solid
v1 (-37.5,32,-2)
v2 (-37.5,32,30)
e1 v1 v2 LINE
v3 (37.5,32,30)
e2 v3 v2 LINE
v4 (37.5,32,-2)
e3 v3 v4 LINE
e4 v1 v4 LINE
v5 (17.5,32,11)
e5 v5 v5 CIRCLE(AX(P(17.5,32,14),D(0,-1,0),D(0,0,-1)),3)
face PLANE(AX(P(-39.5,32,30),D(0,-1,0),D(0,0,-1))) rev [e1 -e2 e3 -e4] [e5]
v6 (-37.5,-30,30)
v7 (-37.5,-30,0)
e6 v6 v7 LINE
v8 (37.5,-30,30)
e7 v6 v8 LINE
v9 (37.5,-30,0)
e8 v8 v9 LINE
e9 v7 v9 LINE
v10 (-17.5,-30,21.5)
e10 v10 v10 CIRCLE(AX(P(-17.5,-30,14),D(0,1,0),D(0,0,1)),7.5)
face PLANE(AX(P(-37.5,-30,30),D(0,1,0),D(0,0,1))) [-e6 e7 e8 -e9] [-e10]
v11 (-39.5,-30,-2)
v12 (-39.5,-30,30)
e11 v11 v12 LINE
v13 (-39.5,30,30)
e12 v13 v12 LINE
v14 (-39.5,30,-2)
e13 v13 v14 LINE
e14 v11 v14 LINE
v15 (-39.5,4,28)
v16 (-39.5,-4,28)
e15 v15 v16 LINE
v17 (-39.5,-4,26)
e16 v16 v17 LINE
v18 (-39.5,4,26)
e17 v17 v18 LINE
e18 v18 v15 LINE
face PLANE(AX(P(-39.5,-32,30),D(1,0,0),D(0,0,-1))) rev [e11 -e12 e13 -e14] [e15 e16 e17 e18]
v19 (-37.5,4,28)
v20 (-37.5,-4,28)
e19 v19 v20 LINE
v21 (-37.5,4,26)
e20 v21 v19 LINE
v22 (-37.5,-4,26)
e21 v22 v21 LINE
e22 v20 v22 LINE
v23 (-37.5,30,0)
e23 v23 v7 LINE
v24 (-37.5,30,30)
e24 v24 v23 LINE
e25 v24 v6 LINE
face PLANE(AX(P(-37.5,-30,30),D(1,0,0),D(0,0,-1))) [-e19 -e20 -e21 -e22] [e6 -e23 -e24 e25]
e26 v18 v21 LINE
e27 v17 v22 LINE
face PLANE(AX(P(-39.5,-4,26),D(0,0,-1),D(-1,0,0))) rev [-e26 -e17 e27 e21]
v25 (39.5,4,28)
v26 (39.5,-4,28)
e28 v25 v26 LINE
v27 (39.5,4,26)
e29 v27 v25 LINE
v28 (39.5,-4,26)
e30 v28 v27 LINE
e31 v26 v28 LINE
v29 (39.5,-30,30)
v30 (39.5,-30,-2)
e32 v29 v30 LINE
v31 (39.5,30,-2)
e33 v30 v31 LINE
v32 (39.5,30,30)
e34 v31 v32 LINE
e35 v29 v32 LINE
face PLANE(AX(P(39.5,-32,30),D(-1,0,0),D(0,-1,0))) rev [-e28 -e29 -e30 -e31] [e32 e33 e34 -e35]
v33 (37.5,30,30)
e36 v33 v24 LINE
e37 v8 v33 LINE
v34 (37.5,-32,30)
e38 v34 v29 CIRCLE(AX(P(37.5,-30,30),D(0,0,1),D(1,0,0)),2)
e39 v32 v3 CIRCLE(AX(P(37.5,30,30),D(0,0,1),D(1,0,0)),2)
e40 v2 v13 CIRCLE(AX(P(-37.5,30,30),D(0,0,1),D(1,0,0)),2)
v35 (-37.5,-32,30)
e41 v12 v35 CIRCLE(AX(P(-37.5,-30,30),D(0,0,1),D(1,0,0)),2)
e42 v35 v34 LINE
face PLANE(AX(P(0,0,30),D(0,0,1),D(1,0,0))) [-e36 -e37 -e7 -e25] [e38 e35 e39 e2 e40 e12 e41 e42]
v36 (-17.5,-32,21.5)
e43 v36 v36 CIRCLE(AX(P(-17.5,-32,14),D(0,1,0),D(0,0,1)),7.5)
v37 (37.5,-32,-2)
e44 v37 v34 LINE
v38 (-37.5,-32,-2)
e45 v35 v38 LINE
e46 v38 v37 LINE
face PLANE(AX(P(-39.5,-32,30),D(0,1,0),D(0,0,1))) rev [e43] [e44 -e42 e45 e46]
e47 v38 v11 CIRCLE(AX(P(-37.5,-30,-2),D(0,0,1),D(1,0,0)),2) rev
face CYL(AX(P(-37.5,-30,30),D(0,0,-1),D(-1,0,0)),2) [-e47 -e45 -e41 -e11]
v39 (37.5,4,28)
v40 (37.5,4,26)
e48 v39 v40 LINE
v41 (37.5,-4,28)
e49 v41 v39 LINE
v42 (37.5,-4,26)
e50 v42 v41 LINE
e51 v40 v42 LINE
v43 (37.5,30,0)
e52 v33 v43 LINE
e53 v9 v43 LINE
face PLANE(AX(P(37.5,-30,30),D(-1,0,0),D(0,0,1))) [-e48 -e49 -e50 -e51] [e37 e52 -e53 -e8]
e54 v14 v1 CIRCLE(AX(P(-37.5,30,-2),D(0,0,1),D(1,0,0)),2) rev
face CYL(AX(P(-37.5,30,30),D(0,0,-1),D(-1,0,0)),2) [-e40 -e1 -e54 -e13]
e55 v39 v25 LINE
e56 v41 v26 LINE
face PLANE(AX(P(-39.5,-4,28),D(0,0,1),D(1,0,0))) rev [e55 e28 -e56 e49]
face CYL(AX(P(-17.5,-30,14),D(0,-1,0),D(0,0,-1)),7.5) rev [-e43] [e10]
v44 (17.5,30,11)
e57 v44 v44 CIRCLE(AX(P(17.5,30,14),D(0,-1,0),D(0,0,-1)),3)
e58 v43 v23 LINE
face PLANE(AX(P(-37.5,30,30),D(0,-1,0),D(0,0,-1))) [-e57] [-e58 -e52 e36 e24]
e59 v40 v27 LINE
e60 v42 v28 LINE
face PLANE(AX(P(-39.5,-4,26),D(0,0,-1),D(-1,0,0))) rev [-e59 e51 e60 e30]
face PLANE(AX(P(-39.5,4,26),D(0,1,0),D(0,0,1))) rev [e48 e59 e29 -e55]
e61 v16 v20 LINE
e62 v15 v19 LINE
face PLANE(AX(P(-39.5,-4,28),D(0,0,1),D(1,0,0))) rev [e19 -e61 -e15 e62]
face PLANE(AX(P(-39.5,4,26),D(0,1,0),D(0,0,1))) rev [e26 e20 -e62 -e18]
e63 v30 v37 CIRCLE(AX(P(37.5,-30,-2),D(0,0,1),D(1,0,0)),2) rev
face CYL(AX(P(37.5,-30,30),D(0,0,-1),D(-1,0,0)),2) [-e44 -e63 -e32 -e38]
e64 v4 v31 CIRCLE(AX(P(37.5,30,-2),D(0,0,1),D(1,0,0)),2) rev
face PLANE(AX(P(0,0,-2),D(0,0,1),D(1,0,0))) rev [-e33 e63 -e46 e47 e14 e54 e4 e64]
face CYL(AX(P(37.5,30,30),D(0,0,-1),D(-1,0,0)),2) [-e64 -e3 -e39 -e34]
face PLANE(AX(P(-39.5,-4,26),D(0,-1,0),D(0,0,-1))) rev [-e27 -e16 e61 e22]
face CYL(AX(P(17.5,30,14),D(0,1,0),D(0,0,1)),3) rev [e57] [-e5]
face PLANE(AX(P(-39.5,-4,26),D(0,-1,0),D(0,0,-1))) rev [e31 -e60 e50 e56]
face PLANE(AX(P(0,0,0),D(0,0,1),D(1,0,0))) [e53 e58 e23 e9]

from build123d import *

# Parameters (mm, degrees)
SKETCH_218_W                = 79
SKETCH_218_H                = 64
SKETCH_218_W_2              = 75
SKETCH_218_H_2              = 60
EXTRUDE_371_DEPTH           = 30
SKETCH_3_W                  = 79
SKETCH_3_H                  = 64
SKETCH_3_W_2                = 75
SKETCH_3_H_2                = 60
EXTRUDE_416_DEPTH           = 2
CUT_EXTRUDE_START           = -32
SKETCH_3_2_R                = 7.5
CUT_EXTRUDE_880_DEPTH       = 2
CUT_EXTRUDE_START_2         = 32
SKETCH_3_3_R                = 3
CUT_EXTRUDE_941_DEPTH       = 2
CUT_EXTRUDE_1138_DEPTH      = 60.027535947
CUT_EXTRUDE_1138_DEPTH_BACK = 60.027535947
SKETCH_4_W                  = 2
SKETCH_4_H                  = 8
FILLET_1191_R               = 2


with BuildPart() as part:
    # Sketch 218 → Extrude 371 (new body)
    with BuildSketch(Plane.XY):
        Rectangle(SKETCH_218_W, SKETCH_218_H)
        Rectangle(SKETCH_218_W_2, SKETCH_218_H_2, mode=Mode.SUBTRACT)
    extrude(amount=EXTRUDE_371_DEPTH)

    # Sketch 3 → Extrude 416 (add)
    # profile 1 of 2: a face of its own
    with BuildSketch(Plane.XY):
        Rectangle(SKETCH_3_W, SKETCH_3_H)
        Rectangle(SKETCH_3_W_2, SKETCH_3_H_2, mode=Mode.SUBTRACT)
    # profile 2 of 2: a face of its own
    with BuildSketch(Plane.XY):
        Rectangle(SKETCH_3_W_2, SKETCH_3_H_2)
    extrude(amount=-EXTRUDE_416_DEPTH)

    # Sketch 3 2 → Cut-Extrude 880 (cut)
    with BuildSketch(Plane(origin=(0, 0, 0), x_dir=(1, 0, 0), z_dir=(0, 1, 0)).offset(CUT_EXTRUDE_START)):
        with Locations(Location((-17.5, -14, 0), (0, 0, 270))):
            Circle(SKETCH_3_2_R)
    extrude(amount=CUT_EXTRUDE_880_DEPTH, mode=Mode.SUBTRACT)

    # 草图3<3> → Cut-Extrude 941 (cut)
    with BuildSketch(Plane(origin=(0, 0, 0), x_dir=(1, 0, 0), z_dir=(0, 1, 0)).offset(CUT_EXTRUDE_START_2)):
        with Locations(Location((17.5, -14, 0), (0, 0, 90))):
            Circle(SKETCH_3_3_R)
    extrude(amount=-CUT_EXTRUDE_941_DEPTH, mode=Mode.SUBTRACT)

    # 草图4 → Cut-Extrude 1138 (cut, two sides: drawn at the far end of the back side and taken through both)
    with BuildSketch(Plane(origin=(0, 0, 0), x_dir=(0, 0, -1), z_dir=(1, 0, 0)).offset(-CUT_EXTRUDE_1138_DEPTH_BACK)):
        with Locations((-27, 0)):
            Rectangle(SKETCH_4_W, SKETCH_4_H)
    extrude(amount=CUT_EXTRUDE_1138_DEPTH + CUT_EXTRUDE_1138_DEPTH_BACK, mode=Mode.SUBTRACT)

    # Fillet 1191
    fillet_1191_edges = [part.edges().sort_by_distance(p)[0] for p in [
        (-39.5, -32, 14),
        (-39.5, 32, 14),
        (39.5, 32, 14),
        (39.5, -32, 14),
    ]]
    fillet(fillet_1191_edges, radius=FILLET_1191_R)


solid = part.part
